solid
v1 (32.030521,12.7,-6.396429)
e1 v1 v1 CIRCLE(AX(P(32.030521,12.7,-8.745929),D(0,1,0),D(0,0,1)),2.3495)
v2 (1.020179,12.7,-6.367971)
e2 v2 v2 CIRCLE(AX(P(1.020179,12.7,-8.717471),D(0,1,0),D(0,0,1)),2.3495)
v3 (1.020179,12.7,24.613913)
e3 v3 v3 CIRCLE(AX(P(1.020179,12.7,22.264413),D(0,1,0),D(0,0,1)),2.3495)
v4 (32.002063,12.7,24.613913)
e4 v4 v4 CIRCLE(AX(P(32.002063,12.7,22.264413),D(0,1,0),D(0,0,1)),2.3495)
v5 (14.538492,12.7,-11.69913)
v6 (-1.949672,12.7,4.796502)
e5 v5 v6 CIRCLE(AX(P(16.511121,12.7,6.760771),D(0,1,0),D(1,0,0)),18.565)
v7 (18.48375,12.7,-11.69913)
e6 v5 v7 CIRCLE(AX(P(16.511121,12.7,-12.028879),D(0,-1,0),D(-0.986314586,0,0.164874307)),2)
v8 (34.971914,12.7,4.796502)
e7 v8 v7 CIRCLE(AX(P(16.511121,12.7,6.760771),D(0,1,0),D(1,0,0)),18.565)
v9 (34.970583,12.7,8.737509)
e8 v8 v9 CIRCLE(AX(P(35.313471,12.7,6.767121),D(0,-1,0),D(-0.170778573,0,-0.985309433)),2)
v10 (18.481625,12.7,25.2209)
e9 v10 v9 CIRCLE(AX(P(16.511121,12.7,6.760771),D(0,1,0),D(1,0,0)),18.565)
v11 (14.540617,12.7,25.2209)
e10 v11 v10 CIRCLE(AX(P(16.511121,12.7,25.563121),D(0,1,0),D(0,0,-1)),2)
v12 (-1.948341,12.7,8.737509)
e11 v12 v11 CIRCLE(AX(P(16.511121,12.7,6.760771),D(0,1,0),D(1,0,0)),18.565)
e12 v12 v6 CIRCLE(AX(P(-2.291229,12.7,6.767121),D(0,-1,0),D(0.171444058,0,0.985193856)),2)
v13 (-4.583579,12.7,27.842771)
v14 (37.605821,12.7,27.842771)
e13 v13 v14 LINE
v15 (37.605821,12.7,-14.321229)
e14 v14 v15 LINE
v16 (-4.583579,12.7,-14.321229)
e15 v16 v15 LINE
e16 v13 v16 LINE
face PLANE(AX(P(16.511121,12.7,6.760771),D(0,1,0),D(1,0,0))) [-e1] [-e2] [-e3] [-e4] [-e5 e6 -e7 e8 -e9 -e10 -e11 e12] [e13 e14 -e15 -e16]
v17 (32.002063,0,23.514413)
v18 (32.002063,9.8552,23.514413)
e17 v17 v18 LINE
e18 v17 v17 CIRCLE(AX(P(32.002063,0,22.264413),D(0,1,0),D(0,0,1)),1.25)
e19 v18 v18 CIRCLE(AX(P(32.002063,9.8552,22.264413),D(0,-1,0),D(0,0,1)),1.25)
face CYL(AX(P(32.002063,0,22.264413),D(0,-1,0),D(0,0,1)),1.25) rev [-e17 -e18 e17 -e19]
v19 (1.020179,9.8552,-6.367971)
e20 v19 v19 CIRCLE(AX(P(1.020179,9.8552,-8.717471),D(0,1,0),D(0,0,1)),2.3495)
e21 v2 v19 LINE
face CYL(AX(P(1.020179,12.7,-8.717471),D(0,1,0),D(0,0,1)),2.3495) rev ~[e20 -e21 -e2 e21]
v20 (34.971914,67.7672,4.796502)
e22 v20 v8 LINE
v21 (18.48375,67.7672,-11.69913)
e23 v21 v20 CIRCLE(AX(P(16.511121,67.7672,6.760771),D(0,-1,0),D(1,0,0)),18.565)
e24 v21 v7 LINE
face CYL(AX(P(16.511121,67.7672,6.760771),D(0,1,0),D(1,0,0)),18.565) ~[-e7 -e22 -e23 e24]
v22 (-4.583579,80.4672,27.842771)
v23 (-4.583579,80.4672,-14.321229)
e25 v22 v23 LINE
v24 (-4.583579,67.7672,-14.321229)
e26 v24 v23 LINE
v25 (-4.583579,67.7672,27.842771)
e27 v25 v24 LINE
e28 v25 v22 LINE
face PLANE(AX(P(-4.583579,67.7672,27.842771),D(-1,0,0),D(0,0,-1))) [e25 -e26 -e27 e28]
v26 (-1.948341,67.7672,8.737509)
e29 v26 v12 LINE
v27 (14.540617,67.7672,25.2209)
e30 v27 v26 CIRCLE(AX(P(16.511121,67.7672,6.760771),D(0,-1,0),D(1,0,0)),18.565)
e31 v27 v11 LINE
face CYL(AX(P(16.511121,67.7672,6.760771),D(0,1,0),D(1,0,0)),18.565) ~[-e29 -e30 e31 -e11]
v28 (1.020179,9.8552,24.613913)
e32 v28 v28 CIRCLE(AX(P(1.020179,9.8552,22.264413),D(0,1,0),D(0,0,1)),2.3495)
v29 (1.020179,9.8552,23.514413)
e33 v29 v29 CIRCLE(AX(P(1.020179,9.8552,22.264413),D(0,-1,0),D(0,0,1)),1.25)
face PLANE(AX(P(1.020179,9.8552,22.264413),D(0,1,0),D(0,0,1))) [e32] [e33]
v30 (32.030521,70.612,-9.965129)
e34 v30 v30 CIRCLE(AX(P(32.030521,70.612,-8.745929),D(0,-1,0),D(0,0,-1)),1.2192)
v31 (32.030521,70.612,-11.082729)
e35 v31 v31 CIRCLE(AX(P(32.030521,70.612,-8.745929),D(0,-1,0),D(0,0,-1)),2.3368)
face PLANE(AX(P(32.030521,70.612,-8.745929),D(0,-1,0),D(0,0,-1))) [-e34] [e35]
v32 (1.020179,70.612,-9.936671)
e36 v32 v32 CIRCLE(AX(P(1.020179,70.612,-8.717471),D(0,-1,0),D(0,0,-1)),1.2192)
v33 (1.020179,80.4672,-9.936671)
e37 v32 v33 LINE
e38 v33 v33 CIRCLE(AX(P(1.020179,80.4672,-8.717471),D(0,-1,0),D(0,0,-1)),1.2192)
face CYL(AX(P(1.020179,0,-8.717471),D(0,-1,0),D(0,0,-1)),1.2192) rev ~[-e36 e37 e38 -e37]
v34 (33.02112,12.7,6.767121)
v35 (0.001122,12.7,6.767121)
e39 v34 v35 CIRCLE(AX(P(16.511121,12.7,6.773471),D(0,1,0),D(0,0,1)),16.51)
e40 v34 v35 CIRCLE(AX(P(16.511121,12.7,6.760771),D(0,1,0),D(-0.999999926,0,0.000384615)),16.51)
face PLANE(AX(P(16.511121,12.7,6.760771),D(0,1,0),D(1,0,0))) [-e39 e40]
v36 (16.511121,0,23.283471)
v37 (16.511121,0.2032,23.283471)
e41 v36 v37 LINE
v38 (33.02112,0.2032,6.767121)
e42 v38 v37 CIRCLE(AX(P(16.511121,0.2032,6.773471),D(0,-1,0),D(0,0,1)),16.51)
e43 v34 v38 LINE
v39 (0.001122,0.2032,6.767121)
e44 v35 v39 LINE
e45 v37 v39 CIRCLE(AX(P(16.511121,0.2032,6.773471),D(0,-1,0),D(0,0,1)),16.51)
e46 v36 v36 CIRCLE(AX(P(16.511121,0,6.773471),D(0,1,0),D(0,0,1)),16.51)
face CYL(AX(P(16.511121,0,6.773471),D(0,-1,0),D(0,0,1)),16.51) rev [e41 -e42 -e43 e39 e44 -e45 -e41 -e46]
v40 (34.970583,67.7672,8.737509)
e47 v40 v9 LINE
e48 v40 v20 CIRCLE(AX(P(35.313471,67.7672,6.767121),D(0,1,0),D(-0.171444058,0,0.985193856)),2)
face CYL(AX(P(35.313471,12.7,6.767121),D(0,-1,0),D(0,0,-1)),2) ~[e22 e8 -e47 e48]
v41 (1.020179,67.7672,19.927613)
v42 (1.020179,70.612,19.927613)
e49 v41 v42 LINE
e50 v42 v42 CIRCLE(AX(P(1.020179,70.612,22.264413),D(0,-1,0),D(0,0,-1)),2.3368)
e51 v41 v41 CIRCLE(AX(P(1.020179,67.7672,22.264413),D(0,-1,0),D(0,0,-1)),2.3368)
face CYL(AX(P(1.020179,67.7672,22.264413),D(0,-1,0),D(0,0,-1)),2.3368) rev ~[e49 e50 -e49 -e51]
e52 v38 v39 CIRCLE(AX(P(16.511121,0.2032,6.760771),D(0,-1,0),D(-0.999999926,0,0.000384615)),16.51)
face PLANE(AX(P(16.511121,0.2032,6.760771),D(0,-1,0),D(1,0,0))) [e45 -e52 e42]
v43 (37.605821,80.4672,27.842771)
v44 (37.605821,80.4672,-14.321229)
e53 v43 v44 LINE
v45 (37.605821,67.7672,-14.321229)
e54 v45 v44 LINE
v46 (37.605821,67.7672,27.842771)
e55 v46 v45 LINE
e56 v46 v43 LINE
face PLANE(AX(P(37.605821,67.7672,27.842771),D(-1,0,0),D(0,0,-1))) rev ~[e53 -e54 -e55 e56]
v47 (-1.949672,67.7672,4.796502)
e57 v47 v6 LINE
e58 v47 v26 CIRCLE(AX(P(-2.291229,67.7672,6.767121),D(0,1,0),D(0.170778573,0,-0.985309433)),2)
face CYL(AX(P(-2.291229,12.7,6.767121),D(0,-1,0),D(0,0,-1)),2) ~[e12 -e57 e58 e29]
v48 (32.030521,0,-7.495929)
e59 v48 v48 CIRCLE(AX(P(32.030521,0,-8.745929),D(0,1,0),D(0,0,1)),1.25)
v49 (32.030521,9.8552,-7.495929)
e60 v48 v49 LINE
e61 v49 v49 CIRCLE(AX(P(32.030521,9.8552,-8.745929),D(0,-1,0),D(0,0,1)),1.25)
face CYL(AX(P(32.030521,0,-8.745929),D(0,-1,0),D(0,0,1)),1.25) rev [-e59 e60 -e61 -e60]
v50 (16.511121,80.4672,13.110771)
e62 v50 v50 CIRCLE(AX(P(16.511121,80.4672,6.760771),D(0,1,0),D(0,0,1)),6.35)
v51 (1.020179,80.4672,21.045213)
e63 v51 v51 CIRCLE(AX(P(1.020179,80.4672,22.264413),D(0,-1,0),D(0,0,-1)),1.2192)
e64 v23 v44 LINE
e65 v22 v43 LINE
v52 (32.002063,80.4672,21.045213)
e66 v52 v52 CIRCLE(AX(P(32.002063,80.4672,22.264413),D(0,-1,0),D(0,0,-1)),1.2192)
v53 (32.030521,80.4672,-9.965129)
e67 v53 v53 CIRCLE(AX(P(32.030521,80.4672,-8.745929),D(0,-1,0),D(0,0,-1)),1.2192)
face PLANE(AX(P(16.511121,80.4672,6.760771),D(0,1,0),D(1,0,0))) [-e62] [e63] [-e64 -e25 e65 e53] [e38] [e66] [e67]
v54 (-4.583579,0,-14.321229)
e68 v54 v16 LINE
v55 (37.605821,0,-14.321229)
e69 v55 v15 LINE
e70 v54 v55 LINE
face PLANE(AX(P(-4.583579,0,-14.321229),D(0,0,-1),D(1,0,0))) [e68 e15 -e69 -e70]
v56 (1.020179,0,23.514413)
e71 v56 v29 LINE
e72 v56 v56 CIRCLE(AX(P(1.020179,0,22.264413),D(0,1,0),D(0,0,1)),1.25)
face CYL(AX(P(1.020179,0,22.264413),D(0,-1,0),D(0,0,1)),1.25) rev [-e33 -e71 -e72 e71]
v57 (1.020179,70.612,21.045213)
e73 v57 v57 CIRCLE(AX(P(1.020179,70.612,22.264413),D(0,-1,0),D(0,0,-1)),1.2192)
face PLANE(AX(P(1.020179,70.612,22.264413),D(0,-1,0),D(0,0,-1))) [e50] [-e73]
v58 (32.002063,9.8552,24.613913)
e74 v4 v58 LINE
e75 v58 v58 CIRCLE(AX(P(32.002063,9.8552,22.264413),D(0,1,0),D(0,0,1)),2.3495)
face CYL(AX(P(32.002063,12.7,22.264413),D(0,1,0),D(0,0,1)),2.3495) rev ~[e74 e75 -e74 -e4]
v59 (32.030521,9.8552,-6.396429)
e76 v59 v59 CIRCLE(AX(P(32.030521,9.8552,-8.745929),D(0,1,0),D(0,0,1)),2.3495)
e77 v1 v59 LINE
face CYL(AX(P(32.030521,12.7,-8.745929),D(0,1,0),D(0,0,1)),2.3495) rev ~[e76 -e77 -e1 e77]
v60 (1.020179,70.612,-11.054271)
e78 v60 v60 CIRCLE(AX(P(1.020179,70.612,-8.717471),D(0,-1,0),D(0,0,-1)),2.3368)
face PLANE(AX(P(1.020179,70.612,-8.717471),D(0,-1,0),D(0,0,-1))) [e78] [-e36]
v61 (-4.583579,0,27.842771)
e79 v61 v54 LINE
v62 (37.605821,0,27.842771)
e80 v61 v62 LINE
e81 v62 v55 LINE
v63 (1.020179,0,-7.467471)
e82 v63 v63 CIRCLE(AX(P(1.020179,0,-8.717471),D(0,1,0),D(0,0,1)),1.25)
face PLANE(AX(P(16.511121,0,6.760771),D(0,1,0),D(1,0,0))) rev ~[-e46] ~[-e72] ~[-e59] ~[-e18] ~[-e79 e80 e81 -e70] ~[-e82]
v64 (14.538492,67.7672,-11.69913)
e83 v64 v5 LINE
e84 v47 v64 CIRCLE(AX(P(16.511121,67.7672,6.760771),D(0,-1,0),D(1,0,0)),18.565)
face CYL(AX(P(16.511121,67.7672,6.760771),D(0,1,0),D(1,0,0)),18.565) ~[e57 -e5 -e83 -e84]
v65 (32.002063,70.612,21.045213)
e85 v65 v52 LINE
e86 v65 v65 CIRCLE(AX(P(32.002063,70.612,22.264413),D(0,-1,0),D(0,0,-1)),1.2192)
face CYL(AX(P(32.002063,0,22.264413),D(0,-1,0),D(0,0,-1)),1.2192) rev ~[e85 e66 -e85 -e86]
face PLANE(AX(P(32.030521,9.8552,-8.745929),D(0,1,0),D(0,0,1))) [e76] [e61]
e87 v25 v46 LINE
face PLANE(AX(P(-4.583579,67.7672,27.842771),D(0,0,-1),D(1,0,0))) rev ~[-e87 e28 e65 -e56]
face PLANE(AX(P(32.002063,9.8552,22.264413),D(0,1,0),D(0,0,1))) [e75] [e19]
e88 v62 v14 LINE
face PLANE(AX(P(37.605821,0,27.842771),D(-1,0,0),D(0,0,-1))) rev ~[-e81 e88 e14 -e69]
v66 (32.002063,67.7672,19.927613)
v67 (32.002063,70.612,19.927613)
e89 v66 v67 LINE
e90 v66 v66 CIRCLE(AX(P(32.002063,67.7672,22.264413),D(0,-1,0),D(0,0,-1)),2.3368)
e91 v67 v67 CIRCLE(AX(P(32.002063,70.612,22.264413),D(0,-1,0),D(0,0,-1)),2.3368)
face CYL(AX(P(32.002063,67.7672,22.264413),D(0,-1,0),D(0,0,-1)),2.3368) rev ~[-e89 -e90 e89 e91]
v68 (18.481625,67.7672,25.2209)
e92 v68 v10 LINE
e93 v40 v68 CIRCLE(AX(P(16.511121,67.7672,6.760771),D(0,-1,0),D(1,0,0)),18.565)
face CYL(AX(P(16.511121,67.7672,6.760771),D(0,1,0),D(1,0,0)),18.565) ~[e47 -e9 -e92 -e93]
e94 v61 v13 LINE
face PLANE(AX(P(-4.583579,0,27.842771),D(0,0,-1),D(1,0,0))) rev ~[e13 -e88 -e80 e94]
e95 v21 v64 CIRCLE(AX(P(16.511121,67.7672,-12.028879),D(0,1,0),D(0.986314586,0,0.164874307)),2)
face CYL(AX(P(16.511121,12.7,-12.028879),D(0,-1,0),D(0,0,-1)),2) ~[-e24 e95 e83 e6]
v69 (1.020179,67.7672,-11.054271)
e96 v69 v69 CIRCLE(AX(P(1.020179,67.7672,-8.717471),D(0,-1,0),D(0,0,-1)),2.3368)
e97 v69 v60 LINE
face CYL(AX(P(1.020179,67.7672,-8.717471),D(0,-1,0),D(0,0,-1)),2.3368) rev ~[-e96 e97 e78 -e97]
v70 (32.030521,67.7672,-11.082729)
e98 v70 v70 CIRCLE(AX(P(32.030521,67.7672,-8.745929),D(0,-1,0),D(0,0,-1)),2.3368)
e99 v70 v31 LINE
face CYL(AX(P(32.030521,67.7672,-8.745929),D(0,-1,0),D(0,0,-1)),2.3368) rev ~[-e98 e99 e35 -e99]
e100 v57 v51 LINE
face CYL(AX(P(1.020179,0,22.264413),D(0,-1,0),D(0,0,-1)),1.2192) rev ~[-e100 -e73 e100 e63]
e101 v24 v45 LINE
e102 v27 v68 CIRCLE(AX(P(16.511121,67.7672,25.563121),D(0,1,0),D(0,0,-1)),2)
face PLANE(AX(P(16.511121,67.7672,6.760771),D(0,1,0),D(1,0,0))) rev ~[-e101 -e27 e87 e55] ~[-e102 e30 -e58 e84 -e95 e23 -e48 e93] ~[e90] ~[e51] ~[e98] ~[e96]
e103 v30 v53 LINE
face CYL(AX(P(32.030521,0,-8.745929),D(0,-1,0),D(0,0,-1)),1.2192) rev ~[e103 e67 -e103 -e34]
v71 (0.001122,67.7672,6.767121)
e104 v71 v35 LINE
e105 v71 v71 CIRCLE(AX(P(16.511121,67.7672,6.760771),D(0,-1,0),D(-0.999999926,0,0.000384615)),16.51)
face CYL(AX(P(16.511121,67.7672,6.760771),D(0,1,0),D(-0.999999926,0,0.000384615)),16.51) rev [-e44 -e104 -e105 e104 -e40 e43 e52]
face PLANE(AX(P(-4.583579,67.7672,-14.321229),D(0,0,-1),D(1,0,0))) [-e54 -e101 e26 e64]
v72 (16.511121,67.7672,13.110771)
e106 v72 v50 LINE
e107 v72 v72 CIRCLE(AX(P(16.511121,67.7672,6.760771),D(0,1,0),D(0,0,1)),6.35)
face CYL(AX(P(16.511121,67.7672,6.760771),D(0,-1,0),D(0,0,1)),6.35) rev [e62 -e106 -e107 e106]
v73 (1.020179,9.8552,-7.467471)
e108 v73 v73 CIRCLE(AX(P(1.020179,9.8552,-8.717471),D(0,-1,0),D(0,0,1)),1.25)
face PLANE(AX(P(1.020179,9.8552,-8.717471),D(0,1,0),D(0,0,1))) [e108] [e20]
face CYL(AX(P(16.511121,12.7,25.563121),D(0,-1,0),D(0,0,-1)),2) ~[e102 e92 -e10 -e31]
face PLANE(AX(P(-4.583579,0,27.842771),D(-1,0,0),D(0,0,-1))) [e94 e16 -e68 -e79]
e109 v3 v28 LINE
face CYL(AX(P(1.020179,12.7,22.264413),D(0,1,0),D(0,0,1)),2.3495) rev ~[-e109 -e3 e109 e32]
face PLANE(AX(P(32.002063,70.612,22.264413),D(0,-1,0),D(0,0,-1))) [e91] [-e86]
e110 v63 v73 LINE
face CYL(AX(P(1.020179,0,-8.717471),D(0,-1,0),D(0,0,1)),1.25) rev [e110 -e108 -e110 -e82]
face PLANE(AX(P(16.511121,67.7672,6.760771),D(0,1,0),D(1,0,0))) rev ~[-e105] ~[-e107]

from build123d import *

# Parameters (mm, degrees)
SKETCH1_W           = 42.1894
SKETCH1_H           = 42.164
SKETCH1_R           = 16.51
SKETCH1_R_2         = 1.25
BOSS_EXTRUDE1_DEPTH = 12.7
SKETCH2_R           = 2
BOSS_EXTRUDE2_DEPTH = 55.0672
SKETCH3_W           = 42.1894
SKETCH3_H           = 42.164
SKETCH3_R           = 6.35
BOSS_EXTRUDE3_DEPTH = 12.7
SKETCH4_R           = 1.2192
CUT_EXTRUDE1_DEPTH  = 94.082694186
SKETCH5_R           = 2.3495
CUT_EXTRUDE2_DEPTH  = 2.8448
SKETCH7_R           = 2.3368
CUT_EXTRUDE3_DEPTH  = 2.8448
SKETCH8_R           = 18.565
SKETCH8_R_2         = 16.51
BOSS_EXTRUDE5_DEPTH = 67.564


with BuildPart() as part:
    # Sketch1 → Boss-Extrude1 (new body)
    with BuildSketch(Plane(origin=(0, 0, 0), x_dir=(1, 0, 0), z_dir=(0, 1, 0))):
        with Locations((16.511120943, -6.760771275)):
            Rectangle(SKETCH1_W, SKETCH1_H)
        with Locations(Location((16.511120943, -6.773471275, 0), (0, 0, 270))):
            Circle(SKETCH1_R, mode=Mode.SUBTRACT)
        with Locations(Location((32.030520943, 8.745928725, 0), (0, 0, 270))):
            Circle(SKETCH1_R_2, mode=Mode.SUBTRACT)
        with Locations(Location((1.020179134, 8.717470534, 0), (0, 0, 270))):
            Circle(SKETCH1_R_2, mode=Mode.SUBTRACT)
        with Locations(Location((1.020179134, -22.264413084, 0), (0, 0, 270))):
            Circle(SKETCH1_R_2, mode=Mode.SUBTRACT)
        with Locations(Location((32.002062752, -22.264413084, 0), (0, 0, 270))):
            Circle(SKETCH1_R_2, mode=Mode.SUBTRACT)
    extrude(amount=BOSS_EXTRUDE1_DEPTH)

    # Sketch2 → Boss-Extrude2 (add)
    with BuildSketch(Plane(origin=(0, 12.7, 0), x_dir=(1, 0, 0), z_dir=(0, 1, 0))):
        with Locations(Location((16.511120943, 12.028878725, 0), (0, 0, 90))):
            Circle(SKETCH2_R)
        with Locations(Location((-2.291229057, -6.767121275, 0), (0, 0, 90))):
            Circle(SKETCH2_R)
        with Locations(Location((35.313470943, -6.767121275, 0), (0, 0, 90))):
            Circle(SKETCH2_R)
        with Locations(Location((16.511120943, -25.563121275, 0), (0, 0, 90))):
            Circle(SKETCH2_R)
    extrude(amount=BOSS_EXTRUDE2_DEPTH)

    # Sketch3 → Boss-Extrude3 (add)
    with BuildSketch(Plane(origin=(0, 67.7672, 0), x_dir=(1, 0, 0), z_dir=(0, 1, 0))):
        with Locations((16.511120943, -6.760771275)):
            Rectangle(SKETCH3_W, SKETCH3_H)
        with Locations(Location((16.511120943, -6.760771275, 0), (0, 0, 270))):
            Circle(SKETCH3_R, mode=Mode.SUBTRACT)
    extrude(amount=BOSS_EXTRUDE3_DEPTH)

    # Sketch4 → Cut-Extrude1 (cut, through all)
    with BuildSketch(Plane.XZ):
        with Locations(Location((1.020179134, 22.264413084, 0), (0, 0, 270))):
            Circle(SKETCH4_R)
        with Locations(Location((1.020179134, -8.717470534, 0), (0, 0, 270))):
            Circle(SKETCH4_R)
        with Locations(Location((32.030520943, -8.745928725, 0), (0, 0, 270))):
            Circle(SKETCH4_R)
        with Locations(Location((32.002062752, 22.264413084, 0), (0, 0, 270))):
            Circle(SKETCH4_R)
    extrude(amount=-CUT_EXTRUDE1_DEPTH, mode=Mode.SUBTRACT)

    # Sketch5 → Cut-Extrude2 (cut)
    with BuildSketch(Plane(origin=(0, 12.7, 0), x_dir=(1, 0, 0), z_dir=(0, 1, 0))):
        with Locations(Location((32.002062752, -22.264413084, 0), (0, 0, 270))):
            Circle(SKETCH5_R)
        with Locations(Location((1.020179134, -22.264413084, 0), (0, 0, 270))):
            Circle(SKETCH5_R)
        with Locations(Location((32.030520943, 8.745928725, 0), (0, 0, 270))):
            Circle(SKETCH5_R)
        with Locations(Location((1.020179134, 8.717470534, 0), (0, 0, 270))):
            Circle(SKETCH5_R)
    extrude(amount=-CUT_EXTRUDE2_DEPTH, mode=Mode.SUBTRACT)

    # Sketch7 → Cut-Extrude3 (cut)
    with BuildSketch(Plane.XZ.offset(-67.7672)):
        with Locations(Location((32.030520943, -8.745928725, 0), (0, 0, 270))):
            Circle(SKETCH7_R)
        with Locations(Location((32.002062752, 22.264413084, 0), (0, 0, 270))):
            Circle(SKETCH7_R)
        with Locations(Location((1.020179134, -8.717470534, 0), (0, 0, 270))):
            Circle(SKETCH7_R)
        with Locations(Location((1.020179134, 22.264413084, 0), (0, 0, 270))):
            Circle(SKETCH7_R)
    extrude(amount=-CUT_EXTRUDE3_DEPTH, mode=Mode.SUBTRACT)

    # Sketch8 → Boss-Extrude5 (add)
    with BuildSketch(Plane.XZ.offset(-67.7672)):
        with Locations((16.511120943, 6.760771275)):
            Circle(SKETCH8_R)
        with Locations(Location((16.511120943, 6.760771275, 0), (0, 0, 179.977963161))):
            Circle(SKETCH8_R_2, mode=Mode.SUBTRACT)
    extrude(amount=BOSS_EXTRUDE5_DEPTH)


solid = part.part
